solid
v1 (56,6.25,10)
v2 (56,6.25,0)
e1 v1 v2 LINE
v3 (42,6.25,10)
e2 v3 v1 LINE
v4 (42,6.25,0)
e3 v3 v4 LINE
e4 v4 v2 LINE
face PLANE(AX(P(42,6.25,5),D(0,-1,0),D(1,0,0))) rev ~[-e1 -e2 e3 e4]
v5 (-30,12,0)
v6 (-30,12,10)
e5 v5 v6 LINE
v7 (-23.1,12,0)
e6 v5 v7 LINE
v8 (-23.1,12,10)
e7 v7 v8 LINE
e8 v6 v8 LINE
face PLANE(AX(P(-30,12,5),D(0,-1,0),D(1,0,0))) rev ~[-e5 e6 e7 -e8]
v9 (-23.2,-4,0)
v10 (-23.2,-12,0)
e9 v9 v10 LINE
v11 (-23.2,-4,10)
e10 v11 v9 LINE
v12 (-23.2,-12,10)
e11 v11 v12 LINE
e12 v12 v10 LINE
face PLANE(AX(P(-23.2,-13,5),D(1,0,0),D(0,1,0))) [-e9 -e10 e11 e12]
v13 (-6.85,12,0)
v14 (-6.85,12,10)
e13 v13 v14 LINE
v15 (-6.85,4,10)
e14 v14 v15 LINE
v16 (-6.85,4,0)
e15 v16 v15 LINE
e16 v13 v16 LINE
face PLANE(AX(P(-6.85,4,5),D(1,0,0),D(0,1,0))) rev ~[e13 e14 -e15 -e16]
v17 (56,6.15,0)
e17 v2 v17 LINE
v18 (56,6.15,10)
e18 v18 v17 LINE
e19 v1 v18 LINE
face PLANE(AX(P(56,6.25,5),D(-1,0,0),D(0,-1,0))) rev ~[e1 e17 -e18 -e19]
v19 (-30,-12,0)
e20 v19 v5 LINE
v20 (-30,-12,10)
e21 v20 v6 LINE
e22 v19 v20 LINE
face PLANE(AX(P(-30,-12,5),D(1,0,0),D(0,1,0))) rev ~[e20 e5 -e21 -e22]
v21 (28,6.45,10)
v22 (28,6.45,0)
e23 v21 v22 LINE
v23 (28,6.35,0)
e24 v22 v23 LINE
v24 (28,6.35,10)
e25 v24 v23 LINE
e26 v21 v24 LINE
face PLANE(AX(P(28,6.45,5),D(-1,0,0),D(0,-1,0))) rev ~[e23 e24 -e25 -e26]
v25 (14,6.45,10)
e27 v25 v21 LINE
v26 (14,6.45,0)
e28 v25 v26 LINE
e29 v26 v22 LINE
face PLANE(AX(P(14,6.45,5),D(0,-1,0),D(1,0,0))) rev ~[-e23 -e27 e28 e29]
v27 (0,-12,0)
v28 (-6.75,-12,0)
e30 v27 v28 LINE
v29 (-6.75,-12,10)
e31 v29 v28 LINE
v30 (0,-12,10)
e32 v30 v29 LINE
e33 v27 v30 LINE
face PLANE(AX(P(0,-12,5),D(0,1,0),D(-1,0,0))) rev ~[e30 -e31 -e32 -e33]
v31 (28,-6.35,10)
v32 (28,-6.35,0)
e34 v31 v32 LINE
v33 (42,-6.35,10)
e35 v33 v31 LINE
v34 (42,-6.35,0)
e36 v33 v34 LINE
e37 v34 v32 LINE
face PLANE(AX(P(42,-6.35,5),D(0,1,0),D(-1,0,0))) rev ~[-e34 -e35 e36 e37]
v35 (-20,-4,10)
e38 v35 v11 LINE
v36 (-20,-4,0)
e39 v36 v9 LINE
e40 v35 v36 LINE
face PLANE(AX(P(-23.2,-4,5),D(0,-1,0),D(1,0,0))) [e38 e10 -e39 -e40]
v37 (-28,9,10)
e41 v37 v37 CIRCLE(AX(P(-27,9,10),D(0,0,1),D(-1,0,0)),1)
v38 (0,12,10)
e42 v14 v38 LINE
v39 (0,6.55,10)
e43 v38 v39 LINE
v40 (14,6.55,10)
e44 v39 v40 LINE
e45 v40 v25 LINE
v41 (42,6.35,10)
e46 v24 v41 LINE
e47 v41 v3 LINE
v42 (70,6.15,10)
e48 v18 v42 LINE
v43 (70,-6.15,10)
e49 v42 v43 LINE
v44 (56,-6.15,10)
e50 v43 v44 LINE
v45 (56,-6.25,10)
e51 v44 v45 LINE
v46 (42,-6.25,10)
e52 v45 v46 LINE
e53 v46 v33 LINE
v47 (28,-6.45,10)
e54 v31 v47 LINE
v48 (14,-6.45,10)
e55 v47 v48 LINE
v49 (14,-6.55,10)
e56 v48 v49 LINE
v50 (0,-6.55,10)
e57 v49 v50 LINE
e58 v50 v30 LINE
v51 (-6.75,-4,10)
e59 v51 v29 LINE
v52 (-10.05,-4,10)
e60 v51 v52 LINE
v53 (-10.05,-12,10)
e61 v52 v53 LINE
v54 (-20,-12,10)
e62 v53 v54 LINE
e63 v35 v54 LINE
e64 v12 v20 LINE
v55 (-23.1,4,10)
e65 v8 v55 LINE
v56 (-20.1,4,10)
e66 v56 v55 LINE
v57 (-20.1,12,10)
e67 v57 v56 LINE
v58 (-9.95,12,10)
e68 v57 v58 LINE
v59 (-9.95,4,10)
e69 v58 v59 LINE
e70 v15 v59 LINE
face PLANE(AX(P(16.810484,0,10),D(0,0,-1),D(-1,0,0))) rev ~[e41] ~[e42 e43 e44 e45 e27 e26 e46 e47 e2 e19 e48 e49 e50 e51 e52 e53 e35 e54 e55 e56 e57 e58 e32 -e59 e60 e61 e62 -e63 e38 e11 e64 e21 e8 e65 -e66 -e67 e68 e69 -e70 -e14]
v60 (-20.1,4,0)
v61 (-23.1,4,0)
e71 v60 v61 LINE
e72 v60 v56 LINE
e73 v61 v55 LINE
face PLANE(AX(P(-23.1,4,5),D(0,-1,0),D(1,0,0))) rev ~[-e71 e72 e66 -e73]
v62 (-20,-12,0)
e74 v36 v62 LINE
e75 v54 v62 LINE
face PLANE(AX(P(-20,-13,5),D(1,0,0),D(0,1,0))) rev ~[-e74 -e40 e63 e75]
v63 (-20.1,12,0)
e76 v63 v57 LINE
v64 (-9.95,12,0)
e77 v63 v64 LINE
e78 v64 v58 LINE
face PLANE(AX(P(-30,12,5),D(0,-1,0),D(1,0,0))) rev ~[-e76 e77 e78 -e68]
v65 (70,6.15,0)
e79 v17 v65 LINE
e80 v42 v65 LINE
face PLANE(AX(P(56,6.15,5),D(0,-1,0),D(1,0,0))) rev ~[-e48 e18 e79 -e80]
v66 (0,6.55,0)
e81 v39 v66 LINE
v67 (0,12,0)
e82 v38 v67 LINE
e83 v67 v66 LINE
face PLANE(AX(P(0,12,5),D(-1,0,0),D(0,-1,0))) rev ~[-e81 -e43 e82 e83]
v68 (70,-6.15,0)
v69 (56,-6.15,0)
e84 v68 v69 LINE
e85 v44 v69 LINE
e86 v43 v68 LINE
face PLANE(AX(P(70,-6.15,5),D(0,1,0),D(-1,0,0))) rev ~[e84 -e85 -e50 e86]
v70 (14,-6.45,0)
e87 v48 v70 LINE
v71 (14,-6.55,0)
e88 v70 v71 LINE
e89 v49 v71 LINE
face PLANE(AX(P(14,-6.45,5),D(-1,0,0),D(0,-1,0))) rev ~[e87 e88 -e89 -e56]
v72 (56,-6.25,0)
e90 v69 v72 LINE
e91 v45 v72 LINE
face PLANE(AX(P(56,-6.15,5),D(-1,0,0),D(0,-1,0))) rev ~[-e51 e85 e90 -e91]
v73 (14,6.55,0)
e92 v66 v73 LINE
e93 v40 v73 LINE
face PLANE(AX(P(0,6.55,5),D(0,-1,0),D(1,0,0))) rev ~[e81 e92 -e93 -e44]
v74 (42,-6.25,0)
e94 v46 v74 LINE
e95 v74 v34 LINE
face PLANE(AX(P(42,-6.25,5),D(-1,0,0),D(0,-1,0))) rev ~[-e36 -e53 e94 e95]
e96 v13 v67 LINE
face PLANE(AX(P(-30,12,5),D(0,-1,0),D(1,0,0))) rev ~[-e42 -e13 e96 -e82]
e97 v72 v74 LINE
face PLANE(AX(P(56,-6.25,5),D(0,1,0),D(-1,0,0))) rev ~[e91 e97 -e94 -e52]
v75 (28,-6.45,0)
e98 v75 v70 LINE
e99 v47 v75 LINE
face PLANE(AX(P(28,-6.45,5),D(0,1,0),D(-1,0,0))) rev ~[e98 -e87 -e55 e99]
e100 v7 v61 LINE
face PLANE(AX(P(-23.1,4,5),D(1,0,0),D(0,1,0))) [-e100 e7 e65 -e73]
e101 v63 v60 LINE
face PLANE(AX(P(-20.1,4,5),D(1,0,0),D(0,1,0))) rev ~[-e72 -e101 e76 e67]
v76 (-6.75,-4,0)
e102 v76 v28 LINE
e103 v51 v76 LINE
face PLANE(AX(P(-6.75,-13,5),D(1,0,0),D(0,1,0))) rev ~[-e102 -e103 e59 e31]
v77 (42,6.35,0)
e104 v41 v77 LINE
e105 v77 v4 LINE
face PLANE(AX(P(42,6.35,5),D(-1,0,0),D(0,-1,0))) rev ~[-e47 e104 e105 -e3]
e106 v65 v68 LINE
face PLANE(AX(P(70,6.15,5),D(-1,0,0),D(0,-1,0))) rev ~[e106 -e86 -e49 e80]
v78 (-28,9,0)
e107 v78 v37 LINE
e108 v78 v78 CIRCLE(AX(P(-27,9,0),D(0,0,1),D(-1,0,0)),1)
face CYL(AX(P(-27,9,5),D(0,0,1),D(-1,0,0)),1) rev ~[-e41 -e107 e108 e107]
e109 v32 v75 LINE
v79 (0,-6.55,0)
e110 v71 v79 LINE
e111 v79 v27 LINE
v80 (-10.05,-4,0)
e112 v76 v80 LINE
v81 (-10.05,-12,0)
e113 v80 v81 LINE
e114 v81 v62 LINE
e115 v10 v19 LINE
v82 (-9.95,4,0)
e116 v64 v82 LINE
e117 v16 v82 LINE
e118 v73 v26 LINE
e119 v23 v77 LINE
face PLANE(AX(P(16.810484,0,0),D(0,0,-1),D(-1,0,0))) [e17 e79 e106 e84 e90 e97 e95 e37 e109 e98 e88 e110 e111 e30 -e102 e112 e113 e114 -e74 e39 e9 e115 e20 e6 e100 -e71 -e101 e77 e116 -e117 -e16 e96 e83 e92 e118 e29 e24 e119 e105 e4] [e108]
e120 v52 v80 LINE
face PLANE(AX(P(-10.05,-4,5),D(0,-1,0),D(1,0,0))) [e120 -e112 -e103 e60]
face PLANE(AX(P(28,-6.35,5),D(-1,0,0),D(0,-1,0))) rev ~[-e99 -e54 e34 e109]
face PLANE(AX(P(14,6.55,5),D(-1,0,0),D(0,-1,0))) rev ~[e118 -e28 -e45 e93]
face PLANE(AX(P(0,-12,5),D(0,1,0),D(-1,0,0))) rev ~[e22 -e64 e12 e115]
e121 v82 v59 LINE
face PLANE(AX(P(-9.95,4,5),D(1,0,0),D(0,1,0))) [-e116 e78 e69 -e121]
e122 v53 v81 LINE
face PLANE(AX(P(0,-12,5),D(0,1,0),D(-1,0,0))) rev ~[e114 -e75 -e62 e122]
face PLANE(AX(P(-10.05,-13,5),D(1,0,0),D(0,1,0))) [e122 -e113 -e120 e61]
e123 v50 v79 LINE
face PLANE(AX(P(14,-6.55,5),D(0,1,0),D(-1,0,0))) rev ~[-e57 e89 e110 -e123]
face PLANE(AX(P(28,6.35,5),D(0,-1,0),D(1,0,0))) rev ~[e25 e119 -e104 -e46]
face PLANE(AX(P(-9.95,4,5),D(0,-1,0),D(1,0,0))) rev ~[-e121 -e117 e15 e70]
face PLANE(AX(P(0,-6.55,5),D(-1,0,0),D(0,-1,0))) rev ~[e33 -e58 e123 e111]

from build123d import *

# Parameters (mm, degrees)
GAUGE_BODY_DEPTH   = 5
NOTCH_3_0_SKETCH_W = 3
NOTCH_3_0_SKETCH_H = 9
NOTCH_3_0_DEPTH    = 6
NOTCH_3_1_SKETCH_W = 3.1
NOTCH_3_1_SKETCH_H = 9
NOTCH_3_1_DEPTH    = 6
NOTCH_3_2_SKETCH_W = 3.2
NOTCH_3_2_SKETCH_H = 9
NOTCH_3_2_DEPTH    = 6
NOTCH_3_3_SKETCH_W = 3.3
NOTCH_3_3_SKETCH_H = 9
NOTCH_3_3_DEPTH    = 6
MARK_HOLE_SKETCH_R = 1
MARK_HOLE_DEPTH    = 6


with BuildPart() as part:
    # gauge body sketch → gauge body (new, symmetric)
    with BuildSketch(Plane.XY.offset(5)):
        Polygon((-30, 12), (0, 12), (0, 6.55), (14, 6.55), (14, 6.45), (28, 6.45), (28, 6.35), (42, 6.35), (42, 6.25), (56, 6.25), (56, 6.15), (70, 6.15), (70, -6.15), (56, -6.15), (56, -6.25), (42, -6.25), (42, -6.35), (28, -6.35), (28, -6.45), (14, -6.45), (14, -6.55), (0, -6.55), (0, -12), (-30, -12), align=None)
    extrude(amount=GAUGE_BODY_DEPTH, both=True)

    # notch 3.0 sketch → notch 3.0 (cut, symmetric)
    with BuildSketch(Plane.XY.offset(5)):
        with Locations((-21.6, 8.5)):
            Rectangle(NOTCH_3_0_SKETCH_W, NOTCH_3_0_SKETCH_H)
    extrude(amount=NOTCH_3_0_DEPTH, both=True, mode=Mode.SUBTRACT)

    # notch 3.1 sketch → notch 3.1 (cut, symmetric)
    with BuildSketch(Plane.XY.offset(5)):
        with Locations((-8.4, 8.5)):
            Rectangle(NOTCH_3_1_SKETCH_W, NOTCH_3_1_SKETCH_H)
    extrude(amount=NOTCH_3_1_DEPTH, both=True, mode=Mode.SUBTRACT)

    # notch 3.2 sketch → notch 3.2 (cut, symmetric)
    with BuildSketch(Plane.XY.offset(5)):
        with Locations((-21.6, -8.5)):
            Rectangle(NOTCH_3_2_SKETCH_W, NOTCH_3_2_SKETCH_H)
    extrude(amount=NOTCH_3_2_DEPTH, both=True, mode=Mode.SUBTRACT)

    # notch 3.3 sketch → notch 3.3 (cut, symmetric)
    with BuildSketch(Plane.XY.offset(5)):
        with Locations((-8.4, -8.5)):
            Rectangle(NOTCH_3_3_SKETCH_W, NOTCH_3_3_SKETCH_H)
    extrude(amount=NOTCH_3_3_DEPTH, both=True, mode=Mode.SUBTRACT)

    # mark hole sketch → mark hole (cut, symmetric)
    with BuildSketch(Plane.XY.offset(5)):
        with Locations(Location((-27, 9, 0), (0, 0, 180))):
            Circle(MARK_HOLE_SKETCH_R)
    extrude(amount=MARK_HOLE_DEPTH, both=True, mode=Mode.SUBTRACT)


solid = part.part
